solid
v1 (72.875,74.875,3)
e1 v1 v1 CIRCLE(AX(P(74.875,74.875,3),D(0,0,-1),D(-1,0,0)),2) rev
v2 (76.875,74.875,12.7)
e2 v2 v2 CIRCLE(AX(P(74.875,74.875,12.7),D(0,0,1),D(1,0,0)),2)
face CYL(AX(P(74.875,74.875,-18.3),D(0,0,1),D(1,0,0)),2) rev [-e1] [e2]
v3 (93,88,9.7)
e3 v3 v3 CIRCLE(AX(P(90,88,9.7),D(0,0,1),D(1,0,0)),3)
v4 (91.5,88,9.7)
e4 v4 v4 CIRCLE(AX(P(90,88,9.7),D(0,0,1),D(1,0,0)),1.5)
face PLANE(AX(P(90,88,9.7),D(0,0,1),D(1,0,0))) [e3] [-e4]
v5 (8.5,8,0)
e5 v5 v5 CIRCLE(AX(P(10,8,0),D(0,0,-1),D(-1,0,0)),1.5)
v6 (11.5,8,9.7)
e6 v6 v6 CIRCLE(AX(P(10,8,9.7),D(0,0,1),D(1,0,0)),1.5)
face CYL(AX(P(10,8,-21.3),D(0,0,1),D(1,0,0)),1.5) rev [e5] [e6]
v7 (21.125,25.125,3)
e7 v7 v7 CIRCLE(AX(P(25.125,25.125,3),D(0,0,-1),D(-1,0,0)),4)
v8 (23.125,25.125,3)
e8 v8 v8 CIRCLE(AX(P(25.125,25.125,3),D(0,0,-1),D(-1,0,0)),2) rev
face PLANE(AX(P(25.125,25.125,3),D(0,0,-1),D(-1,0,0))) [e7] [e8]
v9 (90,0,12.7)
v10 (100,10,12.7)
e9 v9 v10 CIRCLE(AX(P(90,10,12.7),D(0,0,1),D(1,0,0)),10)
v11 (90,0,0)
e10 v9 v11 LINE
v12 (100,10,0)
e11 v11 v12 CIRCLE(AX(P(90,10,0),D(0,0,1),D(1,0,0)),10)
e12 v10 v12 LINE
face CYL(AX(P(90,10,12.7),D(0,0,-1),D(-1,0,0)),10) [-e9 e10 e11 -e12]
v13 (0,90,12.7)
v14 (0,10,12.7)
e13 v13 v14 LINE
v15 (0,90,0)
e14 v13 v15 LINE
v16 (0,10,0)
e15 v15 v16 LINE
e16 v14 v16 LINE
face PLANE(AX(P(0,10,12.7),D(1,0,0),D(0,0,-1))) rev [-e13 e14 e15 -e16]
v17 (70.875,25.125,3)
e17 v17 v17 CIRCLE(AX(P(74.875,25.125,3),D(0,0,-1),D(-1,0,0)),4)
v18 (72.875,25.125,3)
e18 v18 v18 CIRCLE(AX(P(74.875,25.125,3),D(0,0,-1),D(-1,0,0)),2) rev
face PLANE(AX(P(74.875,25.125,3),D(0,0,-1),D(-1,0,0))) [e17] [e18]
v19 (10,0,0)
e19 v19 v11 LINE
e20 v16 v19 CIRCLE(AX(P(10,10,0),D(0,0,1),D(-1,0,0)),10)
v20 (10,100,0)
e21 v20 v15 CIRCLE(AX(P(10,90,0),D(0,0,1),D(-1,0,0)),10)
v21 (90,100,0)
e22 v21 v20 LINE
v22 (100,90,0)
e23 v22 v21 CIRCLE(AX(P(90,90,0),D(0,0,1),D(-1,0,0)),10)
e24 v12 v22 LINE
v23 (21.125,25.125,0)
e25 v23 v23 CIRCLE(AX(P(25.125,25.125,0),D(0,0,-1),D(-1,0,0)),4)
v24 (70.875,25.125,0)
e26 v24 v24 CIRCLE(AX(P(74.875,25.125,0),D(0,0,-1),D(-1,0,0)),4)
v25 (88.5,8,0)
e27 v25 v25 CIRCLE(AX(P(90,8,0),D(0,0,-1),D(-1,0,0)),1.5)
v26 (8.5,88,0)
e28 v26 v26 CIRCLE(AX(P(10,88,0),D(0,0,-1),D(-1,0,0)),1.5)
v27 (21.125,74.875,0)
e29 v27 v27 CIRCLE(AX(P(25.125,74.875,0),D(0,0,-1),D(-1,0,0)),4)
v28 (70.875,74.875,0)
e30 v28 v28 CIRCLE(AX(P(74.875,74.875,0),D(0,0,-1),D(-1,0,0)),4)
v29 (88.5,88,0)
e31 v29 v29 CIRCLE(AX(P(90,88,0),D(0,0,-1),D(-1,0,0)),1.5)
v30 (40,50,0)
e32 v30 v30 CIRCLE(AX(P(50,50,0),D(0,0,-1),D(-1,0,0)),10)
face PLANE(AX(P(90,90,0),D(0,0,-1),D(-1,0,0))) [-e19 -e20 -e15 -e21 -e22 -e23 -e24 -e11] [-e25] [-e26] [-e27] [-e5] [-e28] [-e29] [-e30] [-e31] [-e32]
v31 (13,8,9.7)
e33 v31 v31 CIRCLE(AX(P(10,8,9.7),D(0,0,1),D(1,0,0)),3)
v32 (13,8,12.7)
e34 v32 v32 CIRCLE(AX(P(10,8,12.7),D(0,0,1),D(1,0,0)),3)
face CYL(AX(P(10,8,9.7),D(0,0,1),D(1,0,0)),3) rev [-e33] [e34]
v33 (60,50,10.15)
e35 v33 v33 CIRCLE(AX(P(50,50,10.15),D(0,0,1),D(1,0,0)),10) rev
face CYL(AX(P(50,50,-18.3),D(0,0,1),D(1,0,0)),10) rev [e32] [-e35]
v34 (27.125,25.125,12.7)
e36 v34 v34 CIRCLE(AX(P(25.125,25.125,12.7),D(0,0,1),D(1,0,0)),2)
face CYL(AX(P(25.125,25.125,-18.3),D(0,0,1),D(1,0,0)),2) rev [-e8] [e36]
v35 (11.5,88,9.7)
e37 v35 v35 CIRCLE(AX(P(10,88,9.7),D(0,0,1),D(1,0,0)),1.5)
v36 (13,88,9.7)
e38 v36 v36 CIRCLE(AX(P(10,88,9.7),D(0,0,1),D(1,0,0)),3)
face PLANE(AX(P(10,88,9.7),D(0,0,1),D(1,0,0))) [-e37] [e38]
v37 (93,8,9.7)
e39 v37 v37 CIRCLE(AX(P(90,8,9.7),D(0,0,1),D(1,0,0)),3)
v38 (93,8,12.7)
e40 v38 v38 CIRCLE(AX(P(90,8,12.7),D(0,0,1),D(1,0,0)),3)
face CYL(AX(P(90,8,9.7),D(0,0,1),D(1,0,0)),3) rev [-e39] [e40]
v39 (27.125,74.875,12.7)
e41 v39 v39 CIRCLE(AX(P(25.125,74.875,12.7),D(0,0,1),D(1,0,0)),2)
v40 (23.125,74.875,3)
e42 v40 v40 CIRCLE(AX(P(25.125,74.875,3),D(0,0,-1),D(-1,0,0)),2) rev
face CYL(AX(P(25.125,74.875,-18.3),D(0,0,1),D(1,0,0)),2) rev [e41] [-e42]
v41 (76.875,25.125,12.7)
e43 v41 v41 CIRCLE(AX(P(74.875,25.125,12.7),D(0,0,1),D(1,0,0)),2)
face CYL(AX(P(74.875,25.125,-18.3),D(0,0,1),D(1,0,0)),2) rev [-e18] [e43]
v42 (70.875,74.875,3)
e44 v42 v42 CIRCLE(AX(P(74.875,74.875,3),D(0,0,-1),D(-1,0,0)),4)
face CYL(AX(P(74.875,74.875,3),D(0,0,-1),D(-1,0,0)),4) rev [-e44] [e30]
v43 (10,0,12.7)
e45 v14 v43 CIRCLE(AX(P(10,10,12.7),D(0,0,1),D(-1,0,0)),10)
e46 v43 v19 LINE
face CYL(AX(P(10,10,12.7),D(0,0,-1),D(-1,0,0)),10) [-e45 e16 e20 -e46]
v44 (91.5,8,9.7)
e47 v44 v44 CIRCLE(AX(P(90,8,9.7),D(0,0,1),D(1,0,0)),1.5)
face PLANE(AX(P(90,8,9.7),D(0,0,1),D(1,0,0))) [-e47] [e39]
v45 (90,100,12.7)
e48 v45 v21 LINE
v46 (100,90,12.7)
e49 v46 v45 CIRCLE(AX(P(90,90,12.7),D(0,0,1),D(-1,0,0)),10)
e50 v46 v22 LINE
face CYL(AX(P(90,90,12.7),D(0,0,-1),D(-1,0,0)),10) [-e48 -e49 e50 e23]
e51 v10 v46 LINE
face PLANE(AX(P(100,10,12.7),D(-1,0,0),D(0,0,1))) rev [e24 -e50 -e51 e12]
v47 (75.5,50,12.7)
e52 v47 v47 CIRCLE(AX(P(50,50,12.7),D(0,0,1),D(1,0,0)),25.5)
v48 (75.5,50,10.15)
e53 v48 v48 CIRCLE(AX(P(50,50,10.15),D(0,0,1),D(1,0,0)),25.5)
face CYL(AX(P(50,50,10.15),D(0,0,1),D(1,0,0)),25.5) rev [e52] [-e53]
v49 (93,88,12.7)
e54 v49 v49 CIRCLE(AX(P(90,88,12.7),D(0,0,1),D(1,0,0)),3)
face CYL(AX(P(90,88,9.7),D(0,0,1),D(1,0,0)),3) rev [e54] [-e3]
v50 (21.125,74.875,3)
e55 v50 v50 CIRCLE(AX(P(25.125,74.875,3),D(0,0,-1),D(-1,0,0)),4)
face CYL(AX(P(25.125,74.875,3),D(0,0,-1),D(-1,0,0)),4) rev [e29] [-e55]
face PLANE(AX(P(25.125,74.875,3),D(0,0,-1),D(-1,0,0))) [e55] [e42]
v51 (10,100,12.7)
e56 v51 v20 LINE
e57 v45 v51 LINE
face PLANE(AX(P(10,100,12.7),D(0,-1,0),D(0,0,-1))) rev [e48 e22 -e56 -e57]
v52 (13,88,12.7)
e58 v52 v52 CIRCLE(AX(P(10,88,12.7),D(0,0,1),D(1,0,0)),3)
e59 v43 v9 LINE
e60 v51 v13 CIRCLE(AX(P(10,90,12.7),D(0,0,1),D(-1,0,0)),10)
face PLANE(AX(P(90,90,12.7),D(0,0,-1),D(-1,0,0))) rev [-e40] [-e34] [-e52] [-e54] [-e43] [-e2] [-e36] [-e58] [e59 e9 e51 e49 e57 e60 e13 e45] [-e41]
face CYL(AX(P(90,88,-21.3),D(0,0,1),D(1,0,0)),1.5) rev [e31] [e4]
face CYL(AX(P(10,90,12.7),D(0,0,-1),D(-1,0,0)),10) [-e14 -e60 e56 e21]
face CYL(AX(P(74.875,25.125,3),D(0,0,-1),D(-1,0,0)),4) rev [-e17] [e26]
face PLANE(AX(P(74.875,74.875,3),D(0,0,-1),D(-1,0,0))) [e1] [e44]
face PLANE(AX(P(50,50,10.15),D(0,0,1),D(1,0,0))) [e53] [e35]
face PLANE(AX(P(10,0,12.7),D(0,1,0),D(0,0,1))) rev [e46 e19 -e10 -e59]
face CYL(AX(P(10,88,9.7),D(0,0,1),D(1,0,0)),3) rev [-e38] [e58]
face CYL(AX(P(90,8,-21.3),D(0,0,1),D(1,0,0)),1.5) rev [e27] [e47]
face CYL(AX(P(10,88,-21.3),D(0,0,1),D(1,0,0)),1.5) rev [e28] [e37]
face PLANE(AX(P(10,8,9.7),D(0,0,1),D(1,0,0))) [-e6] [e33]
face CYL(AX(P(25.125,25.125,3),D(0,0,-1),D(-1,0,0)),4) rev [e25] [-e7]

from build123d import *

# Parameters (mm, degrees)
SALIENTE_EXTRUIR1_DEPTH = 12.7
CROQUIS2_R              = 3
CORTAR_EXTRUIR1_DEPTH   = 3
CROQUIS3_R              = 10
CROQUIS3_R_2            = 2
CORTAR_EXTRUIR2_DEPTH   = 31
CROQUIS4_R              = 1.5
CORTAR_EXTRUIR3_DEPTH   = 31
CROQUIS5_R              = 4
CORTAR_EXTRUIR4_DEPTH   = 3
CROQUIS6_R              = 25.5
CORTAR_EXTRUIR5_DEPTH   = 2.55


with BuildPart() as part:
    # Croquis1 → Saliente-Extruir1 (new body)
    with BuildSketch(Plane.XY):
        with BuildLine():
            Line((10, 0), (90, 0))
            ThreePointArc((90, 0), (97.071067812, 2.928932188), (100, 10))
            Line((100, 10), (100, 90))
            ThreePointArc((100, 90), (97.071067812, 97.071067812), (90, 100))
            Line((90, 100), (10, 100))
            ThreePointArc((10, 100), (2.928932188, 97.071067812), (0, 90))
            Line((0, 90), (0, 10))
            ThreePointArc((0, 10), (2.928932188, 2.928932188), (10, 0))
        make_face()
    extrude(amount=SALIENTE_EXTRUIR1_DEPTH)

    # Croquis2 → Cortar-Extruir1 (cut)
    with BuildSketch(Plane.XY.offset(12.7)):
        with Locations((10, 88)):
            Circle(CROQUIS2_R)
        with Locations((10, 8)):
            Circle(CROQUIS2_R)
        with Locations((90, 88)):
            Circle(CROQUIS2_R)
        with Locations((90, 8)):
            Circle(CROQUIS2_R)
    extrude(amount=-CORTAR_EXTRUIR1_DEPTH, mode=Mode.SUBTRACT)

    # Croquis3 → Cortar-Extruir2 (cut)
    with BuildSketch(Plane.XY.offset(12.7)):
        with Locations((50, 50)):
            Circle(CROQUIS3_R)
        with Locations((25.125, 74.875)):
            Circle(CROQUIS3_R_2)
        with Locations((74.875, 74.875)):
            Circle(CROQUIS3_R_2)
        with Locations((25.125, 25.125)):
            Circle(CROQUIS3_R_2)
        with Locations((74.875, 25.125)):
            Circle(CROQUIS3_R_2)
    extrude(amount=-CORTAR_EXTRUIR2_DEPTH, mode=Mode.SUBTRACT)

    # Croquis4 → Cortar-Extruir3 (cut)
    with BuildSketch(Plane.XY.offset(9.7)):
        with Locations((10, 88)):
            Circle(CROQUIS4_R)
        with Locations((90, 88)):
            Circle(CROQUIS4_R)
        with Locations((90, 8)):
            Circle(CROQUIS4_R)
        with Locations((10, 8)):
            Circle(CROQUIS4_R)
    extrude(amount=-CORTAR_EXTRUIR3_DEPTH, mode=Mode.SUBTRACT)

    # Croquis5 → Cortar-Extruir4 (cut)
    with BuildSketch(Plane(origin=(0, 0, 0), x_dir=(-1, 0, 0), z_dir=(0, 0, -1))):
        with Locations((-74.875, 74.875)):
            Circle(CROQUIS5_R)
        with Locations((-25.125, 74.875)):
            Circle(CROQUIS5_R)
        with Locations((-25.125, 25.125)):
            Circle(CROQUIS5_R)
        with Locations((-74.875, 25.125)):
            Circle(CROQUIS5_R)
    extrude(amount=-CORTAR_EXTRUIR4_DEPTH, mode=Mode.SUBTRACT)

    # Croquis6 → Cortar-Extruir5 (cut)
    with BuildSketch(Plane.XY.offset(12.7)):
        with Locations((50, 50)):
            Circle(CROQUIS6_R)
    extrude(amount=-CORTAR_EXTRUIR5_DEPTH, mode=Mode.SUBTRACT)


solid = part.part
